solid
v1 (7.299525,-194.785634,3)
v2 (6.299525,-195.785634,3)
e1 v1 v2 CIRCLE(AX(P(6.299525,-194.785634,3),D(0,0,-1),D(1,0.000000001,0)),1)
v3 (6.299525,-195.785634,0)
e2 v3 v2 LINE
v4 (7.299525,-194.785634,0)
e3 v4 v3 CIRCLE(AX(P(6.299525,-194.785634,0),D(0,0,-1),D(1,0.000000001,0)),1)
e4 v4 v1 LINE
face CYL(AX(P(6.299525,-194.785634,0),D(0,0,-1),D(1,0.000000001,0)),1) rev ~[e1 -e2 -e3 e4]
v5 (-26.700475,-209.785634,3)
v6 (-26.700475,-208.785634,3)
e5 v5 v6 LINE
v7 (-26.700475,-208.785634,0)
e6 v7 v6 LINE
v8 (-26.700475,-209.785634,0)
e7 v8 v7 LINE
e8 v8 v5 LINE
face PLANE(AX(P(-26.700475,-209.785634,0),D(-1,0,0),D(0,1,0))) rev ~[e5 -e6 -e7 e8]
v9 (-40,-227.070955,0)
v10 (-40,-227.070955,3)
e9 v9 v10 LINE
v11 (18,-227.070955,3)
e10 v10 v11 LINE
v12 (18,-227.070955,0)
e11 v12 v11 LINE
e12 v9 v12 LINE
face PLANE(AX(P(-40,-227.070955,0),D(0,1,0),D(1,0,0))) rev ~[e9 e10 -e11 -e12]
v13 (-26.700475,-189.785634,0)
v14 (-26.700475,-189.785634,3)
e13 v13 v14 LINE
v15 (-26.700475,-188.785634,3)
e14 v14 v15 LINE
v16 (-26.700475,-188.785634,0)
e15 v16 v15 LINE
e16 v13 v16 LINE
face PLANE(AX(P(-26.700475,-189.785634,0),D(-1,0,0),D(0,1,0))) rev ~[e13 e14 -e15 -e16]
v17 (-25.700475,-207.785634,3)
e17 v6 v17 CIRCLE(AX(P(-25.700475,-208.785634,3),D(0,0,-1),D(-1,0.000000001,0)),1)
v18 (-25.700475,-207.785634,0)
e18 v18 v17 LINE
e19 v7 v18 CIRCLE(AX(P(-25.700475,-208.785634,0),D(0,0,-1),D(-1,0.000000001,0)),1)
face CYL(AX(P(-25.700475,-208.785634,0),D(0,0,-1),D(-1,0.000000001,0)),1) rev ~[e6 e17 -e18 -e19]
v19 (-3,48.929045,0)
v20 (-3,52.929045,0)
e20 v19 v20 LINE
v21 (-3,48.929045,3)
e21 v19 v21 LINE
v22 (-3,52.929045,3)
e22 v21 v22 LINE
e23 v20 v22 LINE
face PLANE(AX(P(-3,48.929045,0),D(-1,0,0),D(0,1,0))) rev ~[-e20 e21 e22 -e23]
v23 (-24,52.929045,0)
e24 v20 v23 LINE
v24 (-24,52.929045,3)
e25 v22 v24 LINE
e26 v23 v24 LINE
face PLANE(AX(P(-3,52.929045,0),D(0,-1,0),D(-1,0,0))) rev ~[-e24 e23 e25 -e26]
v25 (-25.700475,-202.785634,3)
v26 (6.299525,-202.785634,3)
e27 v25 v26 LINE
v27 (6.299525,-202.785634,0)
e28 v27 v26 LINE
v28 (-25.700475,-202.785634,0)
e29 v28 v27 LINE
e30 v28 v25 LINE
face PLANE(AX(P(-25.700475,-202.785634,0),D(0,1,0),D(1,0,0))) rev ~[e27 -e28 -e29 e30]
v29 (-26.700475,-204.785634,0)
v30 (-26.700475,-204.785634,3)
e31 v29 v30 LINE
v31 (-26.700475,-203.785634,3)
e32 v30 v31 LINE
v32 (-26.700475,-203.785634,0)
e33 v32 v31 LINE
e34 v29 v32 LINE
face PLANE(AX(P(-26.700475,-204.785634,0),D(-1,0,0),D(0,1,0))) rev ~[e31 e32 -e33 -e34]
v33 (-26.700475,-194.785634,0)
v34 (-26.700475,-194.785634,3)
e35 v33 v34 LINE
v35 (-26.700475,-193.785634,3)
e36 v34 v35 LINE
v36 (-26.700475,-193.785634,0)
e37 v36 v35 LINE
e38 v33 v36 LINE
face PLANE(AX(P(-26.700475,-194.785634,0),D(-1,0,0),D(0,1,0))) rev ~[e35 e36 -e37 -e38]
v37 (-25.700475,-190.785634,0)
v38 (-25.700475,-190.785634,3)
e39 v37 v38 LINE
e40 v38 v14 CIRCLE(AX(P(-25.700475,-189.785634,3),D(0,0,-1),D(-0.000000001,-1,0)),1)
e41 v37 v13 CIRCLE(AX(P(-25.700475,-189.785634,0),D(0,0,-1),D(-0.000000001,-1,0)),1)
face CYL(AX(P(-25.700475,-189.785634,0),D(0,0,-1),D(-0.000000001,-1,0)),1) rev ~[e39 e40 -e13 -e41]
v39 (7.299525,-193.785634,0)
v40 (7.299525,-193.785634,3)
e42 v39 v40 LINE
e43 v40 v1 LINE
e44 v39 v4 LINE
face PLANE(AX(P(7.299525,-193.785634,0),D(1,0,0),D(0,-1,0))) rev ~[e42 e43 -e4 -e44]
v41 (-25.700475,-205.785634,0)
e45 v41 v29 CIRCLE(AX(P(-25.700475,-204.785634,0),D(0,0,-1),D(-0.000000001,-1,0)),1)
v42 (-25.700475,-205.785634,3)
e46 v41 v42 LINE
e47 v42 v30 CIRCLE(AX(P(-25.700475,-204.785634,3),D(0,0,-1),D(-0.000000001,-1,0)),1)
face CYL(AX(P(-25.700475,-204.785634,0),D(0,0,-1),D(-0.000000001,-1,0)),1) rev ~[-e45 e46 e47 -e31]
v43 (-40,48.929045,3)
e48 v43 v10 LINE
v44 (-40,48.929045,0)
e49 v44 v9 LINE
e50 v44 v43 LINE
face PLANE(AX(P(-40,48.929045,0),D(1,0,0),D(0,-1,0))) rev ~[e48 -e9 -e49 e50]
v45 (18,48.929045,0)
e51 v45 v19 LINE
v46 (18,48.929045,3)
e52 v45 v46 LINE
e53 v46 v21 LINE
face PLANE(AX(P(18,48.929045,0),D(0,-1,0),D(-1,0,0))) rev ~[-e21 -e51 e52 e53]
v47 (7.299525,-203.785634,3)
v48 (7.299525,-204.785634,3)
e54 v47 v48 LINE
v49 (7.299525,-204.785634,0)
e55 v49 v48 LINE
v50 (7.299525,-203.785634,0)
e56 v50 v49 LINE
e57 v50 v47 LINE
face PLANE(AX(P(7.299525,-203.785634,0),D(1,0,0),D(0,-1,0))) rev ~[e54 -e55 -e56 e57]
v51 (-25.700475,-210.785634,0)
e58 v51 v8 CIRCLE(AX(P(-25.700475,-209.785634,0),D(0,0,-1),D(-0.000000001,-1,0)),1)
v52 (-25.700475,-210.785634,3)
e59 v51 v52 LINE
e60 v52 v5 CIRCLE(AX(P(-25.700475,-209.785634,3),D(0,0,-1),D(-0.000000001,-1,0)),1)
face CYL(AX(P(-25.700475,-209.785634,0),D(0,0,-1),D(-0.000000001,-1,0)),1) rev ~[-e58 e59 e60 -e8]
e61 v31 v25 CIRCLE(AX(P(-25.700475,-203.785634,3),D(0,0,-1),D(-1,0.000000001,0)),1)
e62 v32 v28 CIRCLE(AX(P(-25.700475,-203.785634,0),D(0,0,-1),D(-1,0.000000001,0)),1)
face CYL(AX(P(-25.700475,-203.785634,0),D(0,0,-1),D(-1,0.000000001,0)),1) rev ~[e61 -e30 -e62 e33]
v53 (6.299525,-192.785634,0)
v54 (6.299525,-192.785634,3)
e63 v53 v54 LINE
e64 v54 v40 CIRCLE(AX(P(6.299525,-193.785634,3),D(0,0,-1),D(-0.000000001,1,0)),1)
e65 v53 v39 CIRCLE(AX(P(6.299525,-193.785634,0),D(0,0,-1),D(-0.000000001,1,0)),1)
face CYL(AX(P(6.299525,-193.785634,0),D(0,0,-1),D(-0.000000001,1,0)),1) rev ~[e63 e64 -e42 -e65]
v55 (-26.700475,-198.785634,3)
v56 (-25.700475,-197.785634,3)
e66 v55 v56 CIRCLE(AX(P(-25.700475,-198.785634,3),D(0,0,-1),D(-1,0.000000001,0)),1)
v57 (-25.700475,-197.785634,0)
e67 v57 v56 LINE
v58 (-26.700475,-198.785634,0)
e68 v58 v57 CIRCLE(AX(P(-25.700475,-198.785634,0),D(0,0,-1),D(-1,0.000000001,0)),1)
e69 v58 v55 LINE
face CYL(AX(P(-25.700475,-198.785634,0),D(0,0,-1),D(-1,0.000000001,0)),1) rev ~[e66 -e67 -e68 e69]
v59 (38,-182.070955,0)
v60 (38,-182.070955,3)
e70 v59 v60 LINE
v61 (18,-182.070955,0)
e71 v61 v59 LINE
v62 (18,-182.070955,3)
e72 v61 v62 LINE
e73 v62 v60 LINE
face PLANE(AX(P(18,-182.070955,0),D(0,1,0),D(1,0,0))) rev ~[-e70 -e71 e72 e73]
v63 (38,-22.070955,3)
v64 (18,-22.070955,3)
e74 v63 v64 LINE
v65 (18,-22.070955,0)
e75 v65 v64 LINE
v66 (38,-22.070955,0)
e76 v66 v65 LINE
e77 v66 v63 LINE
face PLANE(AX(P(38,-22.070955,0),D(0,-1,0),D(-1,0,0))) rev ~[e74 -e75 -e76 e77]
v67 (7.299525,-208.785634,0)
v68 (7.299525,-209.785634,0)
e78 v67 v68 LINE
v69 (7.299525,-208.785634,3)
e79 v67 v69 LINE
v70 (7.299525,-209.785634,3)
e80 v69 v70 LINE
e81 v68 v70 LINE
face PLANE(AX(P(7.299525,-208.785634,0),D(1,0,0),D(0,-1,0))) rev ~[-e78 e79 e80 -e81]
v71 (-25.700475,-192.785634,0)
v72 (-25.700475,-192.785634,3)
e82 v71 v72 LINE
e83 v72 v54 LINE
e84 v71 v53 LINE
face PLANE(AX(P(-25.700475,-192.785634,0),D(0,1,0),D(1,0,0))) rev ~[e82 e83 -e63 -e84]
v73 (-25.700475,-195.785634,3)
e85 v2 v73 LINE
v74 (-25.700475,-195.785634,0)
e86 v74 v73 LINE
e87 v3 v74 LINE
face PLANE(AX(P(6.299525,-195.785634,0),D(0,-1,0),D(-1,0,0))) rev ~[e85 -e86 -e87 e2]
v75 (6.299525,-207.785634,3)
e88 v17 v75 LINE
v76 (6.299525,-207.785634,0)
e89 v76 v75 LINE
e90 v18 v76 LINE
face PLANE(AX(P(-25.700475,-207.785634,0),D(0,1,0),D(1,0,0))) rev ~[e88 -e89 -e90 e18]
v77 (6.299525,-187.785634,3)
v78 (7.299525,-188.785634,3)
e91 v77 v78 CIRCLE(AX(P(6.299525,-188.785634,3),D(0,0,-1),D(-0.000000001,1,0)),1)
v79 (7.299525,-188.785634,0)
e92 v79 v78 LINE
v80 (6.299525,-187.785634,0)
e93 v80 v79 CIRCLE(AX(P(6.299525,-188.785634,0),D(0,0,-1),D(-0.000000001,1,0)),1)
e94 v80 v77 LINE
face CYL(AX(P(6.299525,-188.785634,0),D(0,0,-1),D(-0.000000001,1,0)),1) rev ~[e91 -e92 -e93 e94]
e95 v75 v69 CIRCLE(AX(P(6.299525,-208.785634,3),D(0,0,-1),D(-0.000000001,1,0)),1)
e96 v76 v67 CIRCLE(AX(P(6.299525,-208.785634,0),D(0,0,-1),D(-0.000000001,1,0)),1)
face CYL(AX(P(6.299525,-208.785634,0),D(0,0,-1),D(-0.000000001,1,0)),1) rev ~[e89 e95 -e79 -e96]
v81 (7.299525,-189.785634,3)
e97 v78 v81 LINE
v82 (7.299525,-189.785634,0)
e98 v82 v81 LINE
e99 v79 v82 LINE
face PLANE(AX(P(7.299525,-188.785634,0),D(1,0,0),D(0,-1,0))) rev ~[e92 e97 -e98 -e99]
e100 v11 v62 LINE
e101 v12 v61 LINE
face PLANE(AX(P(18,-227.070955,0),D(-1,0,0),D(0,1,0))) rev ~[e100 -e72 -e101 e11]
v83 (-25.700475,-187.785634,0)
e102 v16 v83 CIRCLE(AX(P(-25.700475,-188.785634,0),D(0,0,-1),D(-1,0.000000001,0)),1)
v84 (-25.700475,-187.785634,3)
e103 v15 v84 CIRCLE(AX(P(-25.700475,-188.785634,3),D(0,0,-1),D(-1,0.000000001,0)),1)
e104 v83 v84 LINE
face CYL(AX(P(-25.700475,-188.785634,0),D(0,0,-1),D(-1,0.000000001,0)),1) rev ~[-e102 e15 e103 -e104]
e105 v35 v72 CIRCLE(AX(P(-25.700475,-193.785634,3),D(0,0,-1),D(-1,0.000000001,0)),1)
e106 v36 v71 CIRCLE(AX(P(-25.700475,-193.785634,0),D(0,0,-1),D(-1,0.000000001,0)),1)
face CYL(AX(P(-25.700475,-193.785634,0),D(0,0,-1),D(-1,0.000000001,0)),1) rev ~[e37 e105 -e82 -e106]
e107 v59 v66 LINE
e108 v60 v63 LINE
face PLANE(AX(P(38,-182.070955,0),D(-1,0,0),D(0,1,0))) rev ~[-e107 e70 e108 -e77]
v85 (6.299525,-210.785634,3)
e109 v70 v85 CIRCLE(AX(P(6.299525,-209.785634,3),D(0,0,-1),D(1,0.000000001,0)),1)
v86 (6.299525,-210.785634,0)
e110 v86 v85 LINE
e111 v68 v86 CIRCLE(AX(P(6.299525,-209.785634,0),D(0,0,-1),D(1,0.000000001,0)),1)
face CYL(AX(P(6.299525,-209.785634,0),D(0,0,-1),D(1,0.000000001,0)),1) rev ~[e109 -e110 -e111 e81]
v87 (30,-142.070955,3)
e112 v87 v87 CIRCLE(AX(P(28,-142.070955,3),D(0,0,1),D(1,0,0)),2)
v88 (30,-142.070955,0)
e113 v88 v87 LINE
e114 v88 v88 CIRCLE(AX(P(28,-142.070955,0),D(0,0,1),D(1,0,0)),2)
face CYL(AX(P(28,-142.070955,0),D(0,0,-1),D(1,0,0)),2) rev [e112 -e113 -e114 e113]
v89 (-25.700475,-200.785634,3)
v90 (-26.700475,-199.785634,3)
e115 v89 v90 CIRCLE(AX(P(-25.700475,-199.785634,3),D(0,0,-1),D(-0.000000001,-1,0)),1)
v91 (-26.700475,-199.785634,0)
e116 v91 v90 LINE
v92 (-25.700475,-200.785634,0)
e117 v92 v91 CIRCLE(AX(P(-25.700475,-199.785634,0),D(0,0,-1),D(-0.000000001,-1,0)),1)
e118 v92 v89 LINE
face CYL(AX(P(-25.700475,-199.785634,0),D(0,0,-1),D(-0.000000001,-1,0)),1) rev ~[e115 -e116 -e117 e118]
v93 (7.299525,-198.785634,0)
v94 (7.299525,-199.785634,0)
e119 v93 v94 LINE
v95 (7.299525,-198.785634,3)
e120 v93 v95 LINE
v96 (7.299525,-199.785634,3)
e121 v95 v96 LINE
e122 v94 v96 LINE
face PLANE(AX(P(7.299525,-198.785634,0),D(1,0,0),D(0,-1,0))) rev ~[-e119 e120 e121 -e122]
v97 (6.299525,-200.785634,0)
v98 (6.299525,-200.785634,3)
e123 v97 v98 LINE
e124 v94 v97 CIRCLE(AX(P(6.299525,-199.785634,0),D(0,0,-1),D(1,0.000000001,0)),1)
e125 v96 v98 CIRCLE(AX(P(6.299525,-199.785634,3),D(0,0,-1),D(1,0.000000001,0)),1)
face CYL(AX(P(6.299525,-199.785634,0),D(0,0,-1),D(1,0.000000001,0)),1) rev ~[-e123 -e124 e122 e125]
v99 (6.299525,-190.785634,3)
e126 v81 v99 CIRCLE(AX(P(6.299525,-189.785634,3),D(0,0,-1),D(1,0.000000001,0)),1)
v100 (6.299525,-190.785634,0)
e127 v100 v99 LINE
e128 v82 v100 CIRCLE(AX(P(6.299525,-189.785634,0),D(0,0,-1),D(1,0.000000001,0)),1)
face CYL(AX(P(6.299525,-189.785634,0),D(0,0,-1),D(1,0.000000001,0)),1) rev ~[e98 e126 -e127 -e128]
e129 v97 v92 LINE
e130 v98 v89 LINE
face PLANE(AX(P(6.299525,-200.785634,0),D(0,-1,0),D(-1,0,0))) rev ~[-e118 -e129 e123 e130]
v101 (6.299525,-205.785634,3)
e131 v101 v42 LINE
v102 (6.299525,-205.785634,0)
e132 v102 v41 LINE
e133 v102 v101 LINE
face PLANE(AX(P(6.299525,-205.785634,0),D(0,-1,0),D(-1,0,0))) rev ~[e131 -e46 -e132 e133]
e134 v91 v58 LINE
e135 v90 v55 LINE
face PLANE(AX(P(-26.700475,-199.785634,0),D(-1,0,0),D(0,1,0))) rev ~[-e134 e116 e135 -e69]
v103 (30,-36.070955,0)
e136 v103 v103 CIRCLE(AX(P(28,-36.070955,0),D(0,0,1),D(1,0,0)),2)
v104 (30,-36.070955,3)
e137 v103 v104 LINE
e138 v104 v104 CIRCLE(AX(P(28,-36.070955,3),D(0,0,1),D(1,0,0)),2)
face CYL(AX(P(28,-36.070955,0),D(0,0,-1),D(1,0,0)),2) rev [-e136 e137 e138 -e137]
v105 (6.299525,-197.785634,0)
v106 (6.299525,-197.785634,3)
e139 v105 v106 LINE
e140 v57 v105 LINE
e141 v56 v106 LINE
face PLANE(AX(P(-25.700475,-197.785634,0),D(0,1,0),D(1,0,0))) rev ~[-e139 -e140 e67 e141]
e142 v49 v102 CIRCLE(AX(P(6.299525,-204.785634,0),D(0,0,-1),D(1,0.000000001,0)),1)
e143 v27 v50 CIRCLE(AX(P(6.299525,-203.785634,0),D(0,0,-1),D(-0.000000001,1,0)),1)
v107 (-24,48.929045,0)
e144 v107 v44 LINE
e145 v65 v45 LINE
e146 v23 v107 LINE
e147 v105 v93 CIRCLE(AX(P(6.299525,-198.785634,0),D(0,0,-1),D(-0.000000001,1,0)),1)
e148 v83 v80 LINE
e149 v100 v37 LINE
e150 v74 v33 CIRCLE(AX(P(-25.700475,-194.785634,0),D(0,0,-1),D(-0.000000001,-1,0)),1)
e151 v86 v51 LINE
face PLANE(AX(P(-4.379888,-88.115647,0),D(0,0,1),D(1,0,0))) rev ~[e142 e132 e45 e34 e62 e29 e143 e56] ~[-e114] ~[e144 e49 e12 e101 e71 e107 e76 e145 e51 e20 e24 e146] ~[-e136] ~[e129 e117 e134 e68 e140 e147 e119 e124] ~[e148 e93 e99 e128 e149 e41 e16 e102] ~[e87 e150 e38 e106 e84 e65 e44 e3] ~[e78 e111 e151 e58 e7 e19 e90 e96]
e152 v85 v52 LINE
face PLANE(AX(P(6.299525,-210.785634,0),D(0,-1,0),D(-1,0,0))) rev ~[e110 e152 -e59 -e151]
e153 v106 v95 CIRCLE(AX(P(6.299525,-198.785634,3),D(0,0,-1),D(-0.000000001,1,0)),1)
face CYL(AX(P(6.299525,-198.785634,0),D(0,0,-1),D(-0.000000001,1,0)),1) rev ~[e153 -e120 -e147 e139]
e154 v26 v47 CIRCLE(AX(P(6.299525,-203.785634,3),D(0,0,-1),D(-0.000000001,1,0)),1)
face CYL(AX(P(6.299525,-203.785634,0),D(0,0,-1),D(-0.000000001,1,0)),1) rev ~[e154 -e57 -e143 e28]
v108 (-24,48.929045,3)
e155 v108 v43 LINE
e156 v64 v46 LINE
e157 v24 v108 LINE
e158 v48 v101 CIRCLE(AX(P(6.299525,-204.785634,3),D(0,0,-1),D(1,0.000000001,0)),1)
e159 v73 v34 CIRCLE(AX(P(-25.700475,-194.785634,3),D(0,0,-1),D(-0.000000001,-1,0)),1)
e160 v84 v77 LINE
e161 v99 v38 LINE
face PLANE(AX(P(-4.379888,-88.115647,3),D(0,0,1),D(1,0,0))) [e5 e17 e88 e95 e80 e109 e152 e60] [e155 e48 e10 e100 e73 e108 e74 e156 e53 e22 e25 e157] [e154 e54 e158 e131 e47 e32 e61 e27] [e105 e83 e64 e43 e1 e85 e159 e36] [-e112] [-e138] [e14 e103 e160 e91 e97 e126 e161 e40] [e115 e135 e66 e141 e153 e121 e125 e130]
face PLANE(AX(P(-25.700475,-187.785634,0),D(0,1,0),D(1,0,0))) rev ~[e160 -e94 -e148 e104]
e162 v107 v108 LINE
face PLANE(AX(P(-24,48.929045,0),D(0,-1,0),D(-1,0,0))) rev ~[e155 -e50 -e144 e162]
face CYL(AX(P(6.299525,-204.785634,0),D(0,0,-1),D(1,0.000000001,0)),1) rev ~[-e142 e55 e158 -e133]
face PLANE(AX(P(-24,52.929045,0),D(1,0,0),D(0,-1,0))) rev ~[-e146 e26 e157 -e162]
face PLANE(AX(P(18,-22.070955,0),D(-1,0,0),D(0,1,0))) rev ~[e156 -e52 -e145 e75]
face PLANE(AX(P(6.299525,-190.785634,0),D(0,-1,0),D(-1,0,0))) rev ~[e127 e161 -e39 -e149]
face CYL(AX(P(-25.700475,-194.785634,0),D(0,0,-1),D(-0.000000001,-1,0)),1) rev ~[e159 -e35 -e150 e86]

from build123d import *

# Parameters (mm, degrees)
SKETCH1_R           = 2
BOSS_EXTRUDE1_DEPTH = 3


with BuildPart() as part:
    # Sketch1 → Boss-Extrude1 (new body)
    with BuildSketch(Plane.XY):
        Polygon((18, -22.070954543), (18, 48.929045457), (-3, 48.929045457), (-3, 52.929045457), (-24, 52.929045457), (-24, 48.929045457), (-40, 48.929045457), (-40, -227.070954543), (18, -227.070954543), (18, -182.070954543), (38, -182.070954543), (38, -22.070954543), align=None)
        with Locations((28, -36.070954543)):
            Circle(SKETCH1_R, mode=Mode.SUBTRACT)
        with BuildLine():
            Line((-25.70047512, -207.785634012), (6.29952488, -207.785634012))
            ThreePointArc((6.29952488, -207.785634012), (7.006631662, -208.078527231), (7.29952488, -208.785634012))
            Line((7.29952488, -208.785634012), (7.29952488, -209.785634012))
            ThreePointArc((7.29952488, -209.785634012), (7.006631662, -210.492740793), (6.29952488, -210.785634012))
            Line((6.29952488, -210.785634012), (-25.70047512, -210.785634012))
            ThreePointArc((-25.70047512, -210.785634012), (-26.407581901, -210.492740793), (-26.70047512, -209.785634012))
            Line((-26.70047512, -209.785634012), (-26.70047512, -208.785634012))
            ThreePointArc((-26.70047512, -208.785634012), (-26.407581901, -208.078527231), (-25.70047512, -207.785634012))
        make_face(mode=Mode.SUBTRACT)
        with BuildLine():
            Line((-25.70047512, -202.785634012), (6.29952488, -202.785634012))
            ThreePointArc((6.29952488, -202.785634012), (7.006631662, -203.078527231), (7.29952488, -203.785634012))
            Line((7.29952488, -203.785634012), (7.29952488, -204.785634012))
            ThreePointArc((7.29952488, -204.785634012), (7.006631662, -205.492740793), (6.29952488, -205.785634012))
            Line((6.29952488, -205.785634012), (-25.70047512, -205.785634012))
            ThreePointArc((-25.70047512, -205.785634012), (-26.407581901, -205.492740793), (-26.70047512, -204.785634012))
            Line((-26.70047512, -204.785634012), (-26.70047512, -203.785634012))
            ThreePointArc((-26.70047512, -203.785634012), (-26.407581901, -203.078527231), (-25.70047512, -202.785634012))
        make_face(mode=Mode.SUBTRACT)
        with BuildLine():
            Line((-25.70047512, -197.785634012), (6.29952488, -197.785634012))
            ThreePointArc((6.29952488, -197.785634012), (7.006631662, -198.078527231), (7.29952488, -198.785634012))
            Line((7.29952488, -198.785634012), (7.29952488, -199.785634012))
            ThreePointArc((7.29952488, -199.785634012), (7.006631662, -200.492740793), (6.29952488, -200.785634012))
            Line((6.29952488, -200.785634012), (-25.70047512, -200.785634012))
            ThreePointArc((-25.70047512, -200.785634012), (-26.407581901, -200.492740793), (-26.70047512, -199.785634012))
            Line((-26.70047512, -199.785634012), (-26.70047512, -198.785634012))
            ThreePointArc((-26.70047512, -198.785634012), (-26.407581901, -198.078527231), (-25.70047512, -197.785634012))
        make_face(mode=Mode.SUBTRACT)
        with BuildLine():
            Line((-25.70047512, -192.785634012), (6.29952488, -192.785634012))
            ThreePointArc((6.29952488, -192.785634012), (7.006631662, -193.078527231), (7.29952488, -193.785634012))
            Line((7.29952488, -193.785634012), (7.29952488, -194.785634012))
            ThreePointArc((7.29952488, -194.785634012), (7.006631662, -195.492740793), (6.29952488, -195.785634012))
            Line((6.29952488, -195.785634012), (-25.70047512, -195.785634012))
            ThreePointArc((-25.70047512, -195.785634012), (-26.407581901, -195.492740793), (-26.70047512, -194.785634012))
            Line((-26.70047512, -194.785634012), (-26.70047512, -193.785634012))
            ThreePointArc((-26.70047512, -193.785634012), (-26.407581901, -193.078527231), (-25.70047512, -192.785634012))
        make_face(mode=Mode.SUBTRACT)
        with BuildLine():
            Line((-25.70047512, -187.785634012), (6.29952488, -187.785634012))
            ThreePointArc((6.29952488, -187.785634012), (7.006631662, -188.078527231), (7.29952488, -188.785634012))
            Line((7.29952488, -188.785634012), (7.29952488, -189.785634012))
            ThreePointArc((7.29952488, -189.785634012), (7.006631662, -190.492740793), (6.29952488, -190.785634012))
            Line((6.29952488, -190.785634012), (-25.70047512, -190.785634012))
            ThreePointArc((-25.70047512, -190.785634012), (-26.407581901, -190.492740793), (-26.70047512, -189.785634012))
            Line((-26.70047512, -189.785634012), (-26.70047512, -188.785634012))
            ThreePointArc((-26.70047512, -188.785634012), (-26.407581901, -188.078527231), (-25.70047512, -187.785634012))
        make_face(mode=Mode.SUBTRACT)
        with Locations((28, -142.070954543)):
            Circle(SKETCH1_R, mode=Mode.SUBTRACT)
    extrude(amount=BOSS_EXTRUDE1_DEPTH)


solid = part.part
